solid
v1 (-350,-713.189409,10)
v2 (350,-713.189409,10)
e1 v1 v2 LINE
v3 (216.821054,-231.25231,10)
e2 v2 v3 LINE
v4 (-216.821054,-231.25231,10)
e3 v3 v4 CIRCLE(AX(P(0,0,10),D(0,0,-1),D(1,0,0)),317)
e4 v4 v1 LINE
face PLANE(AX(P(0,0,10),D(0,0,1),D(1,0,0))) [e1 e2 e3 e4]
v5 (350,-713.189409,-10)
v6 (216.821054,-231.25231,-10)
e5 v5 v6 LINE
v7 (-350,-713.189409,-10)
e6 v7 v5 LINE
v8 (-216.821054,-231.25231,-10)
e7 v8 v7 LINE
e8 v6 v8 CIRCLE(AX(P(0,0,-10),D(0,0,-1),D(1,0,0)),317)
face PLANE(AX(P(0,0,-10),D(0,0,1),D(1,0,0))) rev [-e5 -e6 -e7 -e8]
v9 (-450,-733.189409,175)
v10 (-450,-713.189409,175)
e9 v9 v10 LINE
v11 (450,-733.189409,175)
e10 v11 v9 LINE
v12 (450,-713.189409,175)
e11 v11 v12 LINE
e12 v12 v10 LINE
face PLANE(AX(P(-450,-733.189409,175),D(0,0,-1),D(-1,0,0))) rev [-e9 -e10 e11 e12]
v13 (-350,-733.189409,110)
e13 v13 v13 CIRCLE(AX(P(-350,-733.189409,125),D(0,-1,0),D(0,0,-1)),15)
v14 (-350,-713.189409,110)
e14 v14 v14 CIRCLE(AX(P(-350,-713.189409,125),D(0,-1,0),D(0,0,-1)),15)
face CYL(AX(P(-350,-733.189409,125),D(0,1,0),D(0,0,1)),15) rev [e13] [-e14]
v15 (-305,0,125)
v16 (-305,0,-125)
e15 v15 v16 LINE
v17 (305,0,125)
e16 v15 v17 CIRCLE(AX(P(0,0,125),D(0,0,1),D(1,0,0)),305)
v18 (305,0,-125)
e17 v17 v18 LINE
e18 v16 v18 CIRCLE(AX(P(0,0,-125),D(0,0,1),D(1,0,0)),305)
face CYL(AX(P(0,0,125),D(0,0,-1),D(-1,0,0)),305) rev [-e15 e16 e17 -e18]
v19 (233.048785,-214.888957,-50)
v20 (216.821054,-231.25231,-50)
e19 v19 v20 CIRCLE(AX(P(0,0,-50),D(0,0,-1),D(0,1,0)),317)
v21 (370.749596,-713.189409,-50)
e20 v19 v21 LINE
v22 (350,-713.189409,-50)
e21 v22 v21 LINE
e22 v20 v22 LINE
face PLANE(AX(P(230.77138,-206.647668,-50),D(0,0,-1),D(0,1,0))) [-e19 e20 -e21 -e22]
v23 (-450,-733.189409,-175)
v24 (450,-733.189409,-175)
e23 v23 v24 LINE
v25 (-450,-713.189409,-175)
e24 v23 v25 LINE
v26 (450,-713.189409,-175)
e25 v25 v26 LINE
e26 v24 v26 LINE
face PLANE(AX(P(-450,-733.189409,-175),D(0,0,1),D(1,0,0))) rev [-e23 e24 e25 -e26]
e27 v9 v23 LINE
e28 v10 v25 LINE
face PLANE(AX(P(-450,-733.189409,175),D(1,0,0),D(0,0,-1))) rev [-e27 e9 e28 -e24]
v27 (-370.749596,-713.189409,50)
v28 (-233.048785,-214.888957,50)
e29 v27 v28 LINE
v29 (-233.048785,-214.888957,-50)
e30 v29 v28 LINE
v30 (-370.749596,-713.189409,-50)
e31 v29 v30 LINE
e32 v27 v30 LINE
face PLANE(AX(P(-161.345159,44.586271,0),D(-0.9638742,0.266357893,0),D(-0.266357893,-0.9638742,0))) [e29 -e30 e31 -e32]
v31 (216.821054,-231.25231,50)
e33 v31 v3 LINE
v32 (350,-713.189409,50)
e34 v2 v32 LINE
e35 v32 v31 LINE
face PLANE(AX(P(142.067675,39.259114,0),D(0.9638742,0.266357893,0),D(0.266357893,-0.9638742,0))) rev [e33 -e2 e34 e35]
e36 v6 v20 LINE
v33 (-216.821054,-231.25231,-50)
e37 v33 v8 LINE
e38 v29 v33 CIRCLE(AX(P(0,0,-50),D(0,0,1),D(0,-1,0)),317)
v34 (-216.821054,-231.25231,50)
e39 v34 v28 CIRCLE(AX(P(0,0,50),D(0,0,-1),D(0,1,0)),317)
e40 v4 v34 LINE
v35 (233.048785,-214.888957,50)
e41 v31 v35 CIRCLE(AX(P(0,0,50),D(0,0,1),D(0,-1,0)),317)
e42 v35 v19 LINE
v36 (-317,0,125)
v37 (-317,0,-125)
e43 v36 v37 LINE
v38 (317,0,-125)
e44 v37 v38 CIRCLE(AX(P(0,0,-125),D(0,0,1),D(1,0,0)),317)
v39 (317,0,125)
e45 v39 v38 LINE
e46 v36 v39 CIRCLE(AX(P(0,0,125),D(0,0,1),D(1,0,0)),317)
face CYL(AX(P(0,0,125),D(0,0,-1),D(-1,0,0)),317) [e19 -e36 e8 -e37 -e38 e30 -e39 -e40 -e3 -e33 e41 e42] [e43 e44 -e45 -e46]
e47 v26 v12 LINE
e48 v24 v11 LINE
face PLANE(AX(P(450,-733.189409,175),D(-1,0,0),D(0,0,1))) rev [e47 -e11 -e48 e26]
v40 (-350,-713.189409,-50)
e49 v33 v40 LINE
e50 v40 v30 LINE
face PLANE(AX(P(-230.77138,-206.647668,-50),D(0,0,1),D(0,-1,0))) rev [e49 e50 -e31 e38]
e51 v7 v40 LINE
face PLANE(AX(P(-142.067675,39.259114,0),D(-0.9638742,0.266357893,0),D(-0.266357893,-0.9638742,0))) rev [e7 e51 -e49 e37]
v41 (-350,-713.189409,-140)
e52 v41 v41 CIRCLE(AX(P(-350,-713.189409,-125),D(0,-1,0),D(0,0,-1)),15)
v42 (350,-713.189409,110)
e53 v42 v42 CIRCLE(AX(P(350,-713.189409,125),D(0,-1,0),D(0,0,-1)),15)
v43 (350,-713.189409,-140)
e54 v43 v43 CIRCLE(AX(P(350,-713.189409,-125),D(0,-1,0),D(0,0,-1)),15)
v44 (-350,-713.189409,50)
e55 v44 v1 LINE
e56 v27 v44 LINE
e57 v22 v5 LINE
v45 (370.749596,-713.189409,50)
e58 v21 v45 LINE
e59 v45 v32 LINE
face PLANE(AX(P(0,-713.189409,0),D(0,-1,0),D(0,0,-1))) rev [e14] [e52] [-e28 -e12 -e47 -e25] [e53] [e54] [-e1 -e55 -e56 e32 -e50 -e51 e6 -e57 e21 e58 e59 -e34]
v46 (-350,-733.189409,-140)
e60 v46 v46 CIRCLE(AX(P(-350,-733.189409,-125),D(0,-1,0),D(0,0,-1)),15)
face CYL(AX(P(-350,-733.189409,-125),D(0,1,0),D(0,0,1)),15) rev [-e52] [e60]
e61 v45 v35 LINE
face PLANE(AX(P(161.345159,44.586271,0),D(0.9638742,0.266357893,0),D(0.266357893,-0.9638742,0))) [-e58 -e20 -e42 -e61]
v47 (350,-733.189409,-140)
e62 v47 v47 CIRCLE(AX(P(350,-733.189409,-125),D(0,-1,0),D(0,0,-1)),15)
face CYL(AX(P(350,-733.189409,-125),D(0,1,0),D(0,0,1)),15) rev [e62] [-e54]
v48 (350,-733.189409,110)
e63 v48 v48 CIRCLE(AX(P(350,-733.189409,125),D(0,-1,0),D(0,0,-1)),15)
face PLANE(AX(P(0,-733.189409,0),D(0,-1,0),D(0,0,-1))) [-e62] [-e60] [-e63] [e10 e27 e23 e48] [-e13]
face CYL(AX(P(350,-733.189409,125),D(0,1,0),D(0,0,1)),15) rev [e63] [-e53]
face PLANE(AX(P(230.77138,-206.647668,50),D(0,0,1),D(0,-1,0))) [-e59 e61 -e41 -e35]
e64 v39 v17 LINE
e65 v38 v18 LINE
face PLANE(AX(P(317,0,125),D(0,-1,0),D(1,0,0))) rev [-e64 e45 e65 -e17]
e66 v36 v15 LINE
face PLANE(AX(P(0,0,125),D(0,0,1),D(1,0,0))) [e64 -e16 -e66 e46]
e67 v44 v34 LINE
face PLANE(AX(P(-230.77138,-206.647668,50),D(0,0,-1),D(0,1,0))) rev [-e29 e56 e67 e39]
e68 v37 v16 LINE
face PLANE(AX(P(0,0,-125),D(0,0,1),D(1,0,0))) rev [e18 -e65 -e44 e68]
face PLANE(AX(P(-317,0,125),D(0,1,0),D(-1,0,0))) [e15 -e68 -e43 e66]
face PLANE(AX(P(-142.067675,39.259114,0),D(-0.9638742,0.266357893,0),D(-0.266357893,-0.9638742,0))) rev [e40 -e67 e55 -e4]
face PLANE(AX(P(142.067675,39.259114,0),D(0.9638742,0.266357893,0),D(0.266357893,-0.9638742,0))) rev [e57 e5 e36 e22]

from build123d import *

# Parameters (mm, degrees)
BOSS_EXTRUDE1_DEPTH = 125
BOSS_EXTRUDE2_DEPTH = 10
SKETCH3_W           = 900
SKETCH3_H           = 350
SKETCH3_R           = 15
BOSS_EXTRUDE3_DEPTH = 20
SKETCH5_W           = 100
SKETCH5_H           = 540
BOSS_EXTRUDE4_DEPTH = 20
CUT_EXTRUDE1_START  = -676
CUT_EXTRUDE1_DEPTH  = 676


with BuildPart() as part:
    # Sketch1 → Boss-Extrude1 (new, symmetric)
    with BuildSketch(Plane.XY):
        with BuildLine():
            Line((-317, 0), (-305, 0))
            ThreePointArc((-305, 0), (0, -305), (305, 0))
            Line((305, 0), (317, 0))
            ThreePointArc((317, 0), (0, -317), (-317, 0))
        make_face()
    extrude(amount=BOSS_EXTRUDE1_DEPTH, both=True)

    # Sketch2 → Boss-Extrude2 (add, symmetric)
    with BuildSketch(Plane.XY):
        with BuildLine():
            Line((-216.821053663, -231.252309585), (-350, -713.189409477))
            Line((-350, -713.189409477), (350, -713.189409477))
            Line((350, -713.189409477), (216.821053663, -231.252309585))
            ThreePointArc((216.821053663, -231.252309585), (0, -317), (-216.821053663, -231.252309585))
        make_face()
    extrude(amount=BOSS_EXTRUDE2_DEPTH, both=True)

    # Sketch3 → Boss-Extrude3 (add)
    with BuildSketch(Plane.XZ.offset(713.189409477)):
        Rectangle(SKETCH3_W, SKETCH3_H)
        with Locations(Location((-350, 125, 0), (0, 0, 270))):
            Circle(SKETCH3_R, mode=Mode.SUBTRACT)
        with Locations(Location((350, 125, 0), (0, 0, 270))):
            Circle(SKETCH3_R, mode=Mode.SUBTRACT)
        with Locations(Location((-350, -125, 0), (0, 0, 270))):
            Circle(SKETCH3_R, mode=Mode.SUBTRACT)
        with Locations(Location((350, -125, 0), (0, 0, 270))):
            Circle(SKETCH3_R, mode=Mode.SUBTRACT)
    extrude(amount=BOSS_EXTRUDE3_DEPTH)

    # Sketch5 → Boss-Extrude4 (add)
    with BuildSketch(Plane(origin=(-142.067675448, 39.259113542, 0), x_dir=(0, 0, 1), z_dir=(-0.9638741997846356, 0.266357892673614, 0))):
        with Locations((0, -530.650133791)):
            Rectangle(SKETCH5_W, SKETCH5_H)
    boss_extrude4 = extrude(amount=BOSS_EXTRUDE4_DEPTH)

    # Mirror1: Boss-Extrude4 across plane
    add(boss_extrude4.mirror(Plane(origin=(0, 0, 0), x_dir=(0, 0, 1), z_dir=(1, 0, 0))))

    # Sketch6 → Cut-Extrude1 (cut)
    with BuildSketch(Plane(origin=(0, 0, -125), x_dir=(-1, 0, 0), z_dir=(0, 0, -1)).offset(CUT_EXTRUDE1_START)):
        with BuildLine():
            Line((-305, 0), (305, 0))
            ThreePointArc((305, 0), (0, -305), (-305, 0))
        make_face()
    extrude(amount=CUT_EXTRUDE1_DEPTH, mode=Mode.SUBTRACT)


solid = part.part
